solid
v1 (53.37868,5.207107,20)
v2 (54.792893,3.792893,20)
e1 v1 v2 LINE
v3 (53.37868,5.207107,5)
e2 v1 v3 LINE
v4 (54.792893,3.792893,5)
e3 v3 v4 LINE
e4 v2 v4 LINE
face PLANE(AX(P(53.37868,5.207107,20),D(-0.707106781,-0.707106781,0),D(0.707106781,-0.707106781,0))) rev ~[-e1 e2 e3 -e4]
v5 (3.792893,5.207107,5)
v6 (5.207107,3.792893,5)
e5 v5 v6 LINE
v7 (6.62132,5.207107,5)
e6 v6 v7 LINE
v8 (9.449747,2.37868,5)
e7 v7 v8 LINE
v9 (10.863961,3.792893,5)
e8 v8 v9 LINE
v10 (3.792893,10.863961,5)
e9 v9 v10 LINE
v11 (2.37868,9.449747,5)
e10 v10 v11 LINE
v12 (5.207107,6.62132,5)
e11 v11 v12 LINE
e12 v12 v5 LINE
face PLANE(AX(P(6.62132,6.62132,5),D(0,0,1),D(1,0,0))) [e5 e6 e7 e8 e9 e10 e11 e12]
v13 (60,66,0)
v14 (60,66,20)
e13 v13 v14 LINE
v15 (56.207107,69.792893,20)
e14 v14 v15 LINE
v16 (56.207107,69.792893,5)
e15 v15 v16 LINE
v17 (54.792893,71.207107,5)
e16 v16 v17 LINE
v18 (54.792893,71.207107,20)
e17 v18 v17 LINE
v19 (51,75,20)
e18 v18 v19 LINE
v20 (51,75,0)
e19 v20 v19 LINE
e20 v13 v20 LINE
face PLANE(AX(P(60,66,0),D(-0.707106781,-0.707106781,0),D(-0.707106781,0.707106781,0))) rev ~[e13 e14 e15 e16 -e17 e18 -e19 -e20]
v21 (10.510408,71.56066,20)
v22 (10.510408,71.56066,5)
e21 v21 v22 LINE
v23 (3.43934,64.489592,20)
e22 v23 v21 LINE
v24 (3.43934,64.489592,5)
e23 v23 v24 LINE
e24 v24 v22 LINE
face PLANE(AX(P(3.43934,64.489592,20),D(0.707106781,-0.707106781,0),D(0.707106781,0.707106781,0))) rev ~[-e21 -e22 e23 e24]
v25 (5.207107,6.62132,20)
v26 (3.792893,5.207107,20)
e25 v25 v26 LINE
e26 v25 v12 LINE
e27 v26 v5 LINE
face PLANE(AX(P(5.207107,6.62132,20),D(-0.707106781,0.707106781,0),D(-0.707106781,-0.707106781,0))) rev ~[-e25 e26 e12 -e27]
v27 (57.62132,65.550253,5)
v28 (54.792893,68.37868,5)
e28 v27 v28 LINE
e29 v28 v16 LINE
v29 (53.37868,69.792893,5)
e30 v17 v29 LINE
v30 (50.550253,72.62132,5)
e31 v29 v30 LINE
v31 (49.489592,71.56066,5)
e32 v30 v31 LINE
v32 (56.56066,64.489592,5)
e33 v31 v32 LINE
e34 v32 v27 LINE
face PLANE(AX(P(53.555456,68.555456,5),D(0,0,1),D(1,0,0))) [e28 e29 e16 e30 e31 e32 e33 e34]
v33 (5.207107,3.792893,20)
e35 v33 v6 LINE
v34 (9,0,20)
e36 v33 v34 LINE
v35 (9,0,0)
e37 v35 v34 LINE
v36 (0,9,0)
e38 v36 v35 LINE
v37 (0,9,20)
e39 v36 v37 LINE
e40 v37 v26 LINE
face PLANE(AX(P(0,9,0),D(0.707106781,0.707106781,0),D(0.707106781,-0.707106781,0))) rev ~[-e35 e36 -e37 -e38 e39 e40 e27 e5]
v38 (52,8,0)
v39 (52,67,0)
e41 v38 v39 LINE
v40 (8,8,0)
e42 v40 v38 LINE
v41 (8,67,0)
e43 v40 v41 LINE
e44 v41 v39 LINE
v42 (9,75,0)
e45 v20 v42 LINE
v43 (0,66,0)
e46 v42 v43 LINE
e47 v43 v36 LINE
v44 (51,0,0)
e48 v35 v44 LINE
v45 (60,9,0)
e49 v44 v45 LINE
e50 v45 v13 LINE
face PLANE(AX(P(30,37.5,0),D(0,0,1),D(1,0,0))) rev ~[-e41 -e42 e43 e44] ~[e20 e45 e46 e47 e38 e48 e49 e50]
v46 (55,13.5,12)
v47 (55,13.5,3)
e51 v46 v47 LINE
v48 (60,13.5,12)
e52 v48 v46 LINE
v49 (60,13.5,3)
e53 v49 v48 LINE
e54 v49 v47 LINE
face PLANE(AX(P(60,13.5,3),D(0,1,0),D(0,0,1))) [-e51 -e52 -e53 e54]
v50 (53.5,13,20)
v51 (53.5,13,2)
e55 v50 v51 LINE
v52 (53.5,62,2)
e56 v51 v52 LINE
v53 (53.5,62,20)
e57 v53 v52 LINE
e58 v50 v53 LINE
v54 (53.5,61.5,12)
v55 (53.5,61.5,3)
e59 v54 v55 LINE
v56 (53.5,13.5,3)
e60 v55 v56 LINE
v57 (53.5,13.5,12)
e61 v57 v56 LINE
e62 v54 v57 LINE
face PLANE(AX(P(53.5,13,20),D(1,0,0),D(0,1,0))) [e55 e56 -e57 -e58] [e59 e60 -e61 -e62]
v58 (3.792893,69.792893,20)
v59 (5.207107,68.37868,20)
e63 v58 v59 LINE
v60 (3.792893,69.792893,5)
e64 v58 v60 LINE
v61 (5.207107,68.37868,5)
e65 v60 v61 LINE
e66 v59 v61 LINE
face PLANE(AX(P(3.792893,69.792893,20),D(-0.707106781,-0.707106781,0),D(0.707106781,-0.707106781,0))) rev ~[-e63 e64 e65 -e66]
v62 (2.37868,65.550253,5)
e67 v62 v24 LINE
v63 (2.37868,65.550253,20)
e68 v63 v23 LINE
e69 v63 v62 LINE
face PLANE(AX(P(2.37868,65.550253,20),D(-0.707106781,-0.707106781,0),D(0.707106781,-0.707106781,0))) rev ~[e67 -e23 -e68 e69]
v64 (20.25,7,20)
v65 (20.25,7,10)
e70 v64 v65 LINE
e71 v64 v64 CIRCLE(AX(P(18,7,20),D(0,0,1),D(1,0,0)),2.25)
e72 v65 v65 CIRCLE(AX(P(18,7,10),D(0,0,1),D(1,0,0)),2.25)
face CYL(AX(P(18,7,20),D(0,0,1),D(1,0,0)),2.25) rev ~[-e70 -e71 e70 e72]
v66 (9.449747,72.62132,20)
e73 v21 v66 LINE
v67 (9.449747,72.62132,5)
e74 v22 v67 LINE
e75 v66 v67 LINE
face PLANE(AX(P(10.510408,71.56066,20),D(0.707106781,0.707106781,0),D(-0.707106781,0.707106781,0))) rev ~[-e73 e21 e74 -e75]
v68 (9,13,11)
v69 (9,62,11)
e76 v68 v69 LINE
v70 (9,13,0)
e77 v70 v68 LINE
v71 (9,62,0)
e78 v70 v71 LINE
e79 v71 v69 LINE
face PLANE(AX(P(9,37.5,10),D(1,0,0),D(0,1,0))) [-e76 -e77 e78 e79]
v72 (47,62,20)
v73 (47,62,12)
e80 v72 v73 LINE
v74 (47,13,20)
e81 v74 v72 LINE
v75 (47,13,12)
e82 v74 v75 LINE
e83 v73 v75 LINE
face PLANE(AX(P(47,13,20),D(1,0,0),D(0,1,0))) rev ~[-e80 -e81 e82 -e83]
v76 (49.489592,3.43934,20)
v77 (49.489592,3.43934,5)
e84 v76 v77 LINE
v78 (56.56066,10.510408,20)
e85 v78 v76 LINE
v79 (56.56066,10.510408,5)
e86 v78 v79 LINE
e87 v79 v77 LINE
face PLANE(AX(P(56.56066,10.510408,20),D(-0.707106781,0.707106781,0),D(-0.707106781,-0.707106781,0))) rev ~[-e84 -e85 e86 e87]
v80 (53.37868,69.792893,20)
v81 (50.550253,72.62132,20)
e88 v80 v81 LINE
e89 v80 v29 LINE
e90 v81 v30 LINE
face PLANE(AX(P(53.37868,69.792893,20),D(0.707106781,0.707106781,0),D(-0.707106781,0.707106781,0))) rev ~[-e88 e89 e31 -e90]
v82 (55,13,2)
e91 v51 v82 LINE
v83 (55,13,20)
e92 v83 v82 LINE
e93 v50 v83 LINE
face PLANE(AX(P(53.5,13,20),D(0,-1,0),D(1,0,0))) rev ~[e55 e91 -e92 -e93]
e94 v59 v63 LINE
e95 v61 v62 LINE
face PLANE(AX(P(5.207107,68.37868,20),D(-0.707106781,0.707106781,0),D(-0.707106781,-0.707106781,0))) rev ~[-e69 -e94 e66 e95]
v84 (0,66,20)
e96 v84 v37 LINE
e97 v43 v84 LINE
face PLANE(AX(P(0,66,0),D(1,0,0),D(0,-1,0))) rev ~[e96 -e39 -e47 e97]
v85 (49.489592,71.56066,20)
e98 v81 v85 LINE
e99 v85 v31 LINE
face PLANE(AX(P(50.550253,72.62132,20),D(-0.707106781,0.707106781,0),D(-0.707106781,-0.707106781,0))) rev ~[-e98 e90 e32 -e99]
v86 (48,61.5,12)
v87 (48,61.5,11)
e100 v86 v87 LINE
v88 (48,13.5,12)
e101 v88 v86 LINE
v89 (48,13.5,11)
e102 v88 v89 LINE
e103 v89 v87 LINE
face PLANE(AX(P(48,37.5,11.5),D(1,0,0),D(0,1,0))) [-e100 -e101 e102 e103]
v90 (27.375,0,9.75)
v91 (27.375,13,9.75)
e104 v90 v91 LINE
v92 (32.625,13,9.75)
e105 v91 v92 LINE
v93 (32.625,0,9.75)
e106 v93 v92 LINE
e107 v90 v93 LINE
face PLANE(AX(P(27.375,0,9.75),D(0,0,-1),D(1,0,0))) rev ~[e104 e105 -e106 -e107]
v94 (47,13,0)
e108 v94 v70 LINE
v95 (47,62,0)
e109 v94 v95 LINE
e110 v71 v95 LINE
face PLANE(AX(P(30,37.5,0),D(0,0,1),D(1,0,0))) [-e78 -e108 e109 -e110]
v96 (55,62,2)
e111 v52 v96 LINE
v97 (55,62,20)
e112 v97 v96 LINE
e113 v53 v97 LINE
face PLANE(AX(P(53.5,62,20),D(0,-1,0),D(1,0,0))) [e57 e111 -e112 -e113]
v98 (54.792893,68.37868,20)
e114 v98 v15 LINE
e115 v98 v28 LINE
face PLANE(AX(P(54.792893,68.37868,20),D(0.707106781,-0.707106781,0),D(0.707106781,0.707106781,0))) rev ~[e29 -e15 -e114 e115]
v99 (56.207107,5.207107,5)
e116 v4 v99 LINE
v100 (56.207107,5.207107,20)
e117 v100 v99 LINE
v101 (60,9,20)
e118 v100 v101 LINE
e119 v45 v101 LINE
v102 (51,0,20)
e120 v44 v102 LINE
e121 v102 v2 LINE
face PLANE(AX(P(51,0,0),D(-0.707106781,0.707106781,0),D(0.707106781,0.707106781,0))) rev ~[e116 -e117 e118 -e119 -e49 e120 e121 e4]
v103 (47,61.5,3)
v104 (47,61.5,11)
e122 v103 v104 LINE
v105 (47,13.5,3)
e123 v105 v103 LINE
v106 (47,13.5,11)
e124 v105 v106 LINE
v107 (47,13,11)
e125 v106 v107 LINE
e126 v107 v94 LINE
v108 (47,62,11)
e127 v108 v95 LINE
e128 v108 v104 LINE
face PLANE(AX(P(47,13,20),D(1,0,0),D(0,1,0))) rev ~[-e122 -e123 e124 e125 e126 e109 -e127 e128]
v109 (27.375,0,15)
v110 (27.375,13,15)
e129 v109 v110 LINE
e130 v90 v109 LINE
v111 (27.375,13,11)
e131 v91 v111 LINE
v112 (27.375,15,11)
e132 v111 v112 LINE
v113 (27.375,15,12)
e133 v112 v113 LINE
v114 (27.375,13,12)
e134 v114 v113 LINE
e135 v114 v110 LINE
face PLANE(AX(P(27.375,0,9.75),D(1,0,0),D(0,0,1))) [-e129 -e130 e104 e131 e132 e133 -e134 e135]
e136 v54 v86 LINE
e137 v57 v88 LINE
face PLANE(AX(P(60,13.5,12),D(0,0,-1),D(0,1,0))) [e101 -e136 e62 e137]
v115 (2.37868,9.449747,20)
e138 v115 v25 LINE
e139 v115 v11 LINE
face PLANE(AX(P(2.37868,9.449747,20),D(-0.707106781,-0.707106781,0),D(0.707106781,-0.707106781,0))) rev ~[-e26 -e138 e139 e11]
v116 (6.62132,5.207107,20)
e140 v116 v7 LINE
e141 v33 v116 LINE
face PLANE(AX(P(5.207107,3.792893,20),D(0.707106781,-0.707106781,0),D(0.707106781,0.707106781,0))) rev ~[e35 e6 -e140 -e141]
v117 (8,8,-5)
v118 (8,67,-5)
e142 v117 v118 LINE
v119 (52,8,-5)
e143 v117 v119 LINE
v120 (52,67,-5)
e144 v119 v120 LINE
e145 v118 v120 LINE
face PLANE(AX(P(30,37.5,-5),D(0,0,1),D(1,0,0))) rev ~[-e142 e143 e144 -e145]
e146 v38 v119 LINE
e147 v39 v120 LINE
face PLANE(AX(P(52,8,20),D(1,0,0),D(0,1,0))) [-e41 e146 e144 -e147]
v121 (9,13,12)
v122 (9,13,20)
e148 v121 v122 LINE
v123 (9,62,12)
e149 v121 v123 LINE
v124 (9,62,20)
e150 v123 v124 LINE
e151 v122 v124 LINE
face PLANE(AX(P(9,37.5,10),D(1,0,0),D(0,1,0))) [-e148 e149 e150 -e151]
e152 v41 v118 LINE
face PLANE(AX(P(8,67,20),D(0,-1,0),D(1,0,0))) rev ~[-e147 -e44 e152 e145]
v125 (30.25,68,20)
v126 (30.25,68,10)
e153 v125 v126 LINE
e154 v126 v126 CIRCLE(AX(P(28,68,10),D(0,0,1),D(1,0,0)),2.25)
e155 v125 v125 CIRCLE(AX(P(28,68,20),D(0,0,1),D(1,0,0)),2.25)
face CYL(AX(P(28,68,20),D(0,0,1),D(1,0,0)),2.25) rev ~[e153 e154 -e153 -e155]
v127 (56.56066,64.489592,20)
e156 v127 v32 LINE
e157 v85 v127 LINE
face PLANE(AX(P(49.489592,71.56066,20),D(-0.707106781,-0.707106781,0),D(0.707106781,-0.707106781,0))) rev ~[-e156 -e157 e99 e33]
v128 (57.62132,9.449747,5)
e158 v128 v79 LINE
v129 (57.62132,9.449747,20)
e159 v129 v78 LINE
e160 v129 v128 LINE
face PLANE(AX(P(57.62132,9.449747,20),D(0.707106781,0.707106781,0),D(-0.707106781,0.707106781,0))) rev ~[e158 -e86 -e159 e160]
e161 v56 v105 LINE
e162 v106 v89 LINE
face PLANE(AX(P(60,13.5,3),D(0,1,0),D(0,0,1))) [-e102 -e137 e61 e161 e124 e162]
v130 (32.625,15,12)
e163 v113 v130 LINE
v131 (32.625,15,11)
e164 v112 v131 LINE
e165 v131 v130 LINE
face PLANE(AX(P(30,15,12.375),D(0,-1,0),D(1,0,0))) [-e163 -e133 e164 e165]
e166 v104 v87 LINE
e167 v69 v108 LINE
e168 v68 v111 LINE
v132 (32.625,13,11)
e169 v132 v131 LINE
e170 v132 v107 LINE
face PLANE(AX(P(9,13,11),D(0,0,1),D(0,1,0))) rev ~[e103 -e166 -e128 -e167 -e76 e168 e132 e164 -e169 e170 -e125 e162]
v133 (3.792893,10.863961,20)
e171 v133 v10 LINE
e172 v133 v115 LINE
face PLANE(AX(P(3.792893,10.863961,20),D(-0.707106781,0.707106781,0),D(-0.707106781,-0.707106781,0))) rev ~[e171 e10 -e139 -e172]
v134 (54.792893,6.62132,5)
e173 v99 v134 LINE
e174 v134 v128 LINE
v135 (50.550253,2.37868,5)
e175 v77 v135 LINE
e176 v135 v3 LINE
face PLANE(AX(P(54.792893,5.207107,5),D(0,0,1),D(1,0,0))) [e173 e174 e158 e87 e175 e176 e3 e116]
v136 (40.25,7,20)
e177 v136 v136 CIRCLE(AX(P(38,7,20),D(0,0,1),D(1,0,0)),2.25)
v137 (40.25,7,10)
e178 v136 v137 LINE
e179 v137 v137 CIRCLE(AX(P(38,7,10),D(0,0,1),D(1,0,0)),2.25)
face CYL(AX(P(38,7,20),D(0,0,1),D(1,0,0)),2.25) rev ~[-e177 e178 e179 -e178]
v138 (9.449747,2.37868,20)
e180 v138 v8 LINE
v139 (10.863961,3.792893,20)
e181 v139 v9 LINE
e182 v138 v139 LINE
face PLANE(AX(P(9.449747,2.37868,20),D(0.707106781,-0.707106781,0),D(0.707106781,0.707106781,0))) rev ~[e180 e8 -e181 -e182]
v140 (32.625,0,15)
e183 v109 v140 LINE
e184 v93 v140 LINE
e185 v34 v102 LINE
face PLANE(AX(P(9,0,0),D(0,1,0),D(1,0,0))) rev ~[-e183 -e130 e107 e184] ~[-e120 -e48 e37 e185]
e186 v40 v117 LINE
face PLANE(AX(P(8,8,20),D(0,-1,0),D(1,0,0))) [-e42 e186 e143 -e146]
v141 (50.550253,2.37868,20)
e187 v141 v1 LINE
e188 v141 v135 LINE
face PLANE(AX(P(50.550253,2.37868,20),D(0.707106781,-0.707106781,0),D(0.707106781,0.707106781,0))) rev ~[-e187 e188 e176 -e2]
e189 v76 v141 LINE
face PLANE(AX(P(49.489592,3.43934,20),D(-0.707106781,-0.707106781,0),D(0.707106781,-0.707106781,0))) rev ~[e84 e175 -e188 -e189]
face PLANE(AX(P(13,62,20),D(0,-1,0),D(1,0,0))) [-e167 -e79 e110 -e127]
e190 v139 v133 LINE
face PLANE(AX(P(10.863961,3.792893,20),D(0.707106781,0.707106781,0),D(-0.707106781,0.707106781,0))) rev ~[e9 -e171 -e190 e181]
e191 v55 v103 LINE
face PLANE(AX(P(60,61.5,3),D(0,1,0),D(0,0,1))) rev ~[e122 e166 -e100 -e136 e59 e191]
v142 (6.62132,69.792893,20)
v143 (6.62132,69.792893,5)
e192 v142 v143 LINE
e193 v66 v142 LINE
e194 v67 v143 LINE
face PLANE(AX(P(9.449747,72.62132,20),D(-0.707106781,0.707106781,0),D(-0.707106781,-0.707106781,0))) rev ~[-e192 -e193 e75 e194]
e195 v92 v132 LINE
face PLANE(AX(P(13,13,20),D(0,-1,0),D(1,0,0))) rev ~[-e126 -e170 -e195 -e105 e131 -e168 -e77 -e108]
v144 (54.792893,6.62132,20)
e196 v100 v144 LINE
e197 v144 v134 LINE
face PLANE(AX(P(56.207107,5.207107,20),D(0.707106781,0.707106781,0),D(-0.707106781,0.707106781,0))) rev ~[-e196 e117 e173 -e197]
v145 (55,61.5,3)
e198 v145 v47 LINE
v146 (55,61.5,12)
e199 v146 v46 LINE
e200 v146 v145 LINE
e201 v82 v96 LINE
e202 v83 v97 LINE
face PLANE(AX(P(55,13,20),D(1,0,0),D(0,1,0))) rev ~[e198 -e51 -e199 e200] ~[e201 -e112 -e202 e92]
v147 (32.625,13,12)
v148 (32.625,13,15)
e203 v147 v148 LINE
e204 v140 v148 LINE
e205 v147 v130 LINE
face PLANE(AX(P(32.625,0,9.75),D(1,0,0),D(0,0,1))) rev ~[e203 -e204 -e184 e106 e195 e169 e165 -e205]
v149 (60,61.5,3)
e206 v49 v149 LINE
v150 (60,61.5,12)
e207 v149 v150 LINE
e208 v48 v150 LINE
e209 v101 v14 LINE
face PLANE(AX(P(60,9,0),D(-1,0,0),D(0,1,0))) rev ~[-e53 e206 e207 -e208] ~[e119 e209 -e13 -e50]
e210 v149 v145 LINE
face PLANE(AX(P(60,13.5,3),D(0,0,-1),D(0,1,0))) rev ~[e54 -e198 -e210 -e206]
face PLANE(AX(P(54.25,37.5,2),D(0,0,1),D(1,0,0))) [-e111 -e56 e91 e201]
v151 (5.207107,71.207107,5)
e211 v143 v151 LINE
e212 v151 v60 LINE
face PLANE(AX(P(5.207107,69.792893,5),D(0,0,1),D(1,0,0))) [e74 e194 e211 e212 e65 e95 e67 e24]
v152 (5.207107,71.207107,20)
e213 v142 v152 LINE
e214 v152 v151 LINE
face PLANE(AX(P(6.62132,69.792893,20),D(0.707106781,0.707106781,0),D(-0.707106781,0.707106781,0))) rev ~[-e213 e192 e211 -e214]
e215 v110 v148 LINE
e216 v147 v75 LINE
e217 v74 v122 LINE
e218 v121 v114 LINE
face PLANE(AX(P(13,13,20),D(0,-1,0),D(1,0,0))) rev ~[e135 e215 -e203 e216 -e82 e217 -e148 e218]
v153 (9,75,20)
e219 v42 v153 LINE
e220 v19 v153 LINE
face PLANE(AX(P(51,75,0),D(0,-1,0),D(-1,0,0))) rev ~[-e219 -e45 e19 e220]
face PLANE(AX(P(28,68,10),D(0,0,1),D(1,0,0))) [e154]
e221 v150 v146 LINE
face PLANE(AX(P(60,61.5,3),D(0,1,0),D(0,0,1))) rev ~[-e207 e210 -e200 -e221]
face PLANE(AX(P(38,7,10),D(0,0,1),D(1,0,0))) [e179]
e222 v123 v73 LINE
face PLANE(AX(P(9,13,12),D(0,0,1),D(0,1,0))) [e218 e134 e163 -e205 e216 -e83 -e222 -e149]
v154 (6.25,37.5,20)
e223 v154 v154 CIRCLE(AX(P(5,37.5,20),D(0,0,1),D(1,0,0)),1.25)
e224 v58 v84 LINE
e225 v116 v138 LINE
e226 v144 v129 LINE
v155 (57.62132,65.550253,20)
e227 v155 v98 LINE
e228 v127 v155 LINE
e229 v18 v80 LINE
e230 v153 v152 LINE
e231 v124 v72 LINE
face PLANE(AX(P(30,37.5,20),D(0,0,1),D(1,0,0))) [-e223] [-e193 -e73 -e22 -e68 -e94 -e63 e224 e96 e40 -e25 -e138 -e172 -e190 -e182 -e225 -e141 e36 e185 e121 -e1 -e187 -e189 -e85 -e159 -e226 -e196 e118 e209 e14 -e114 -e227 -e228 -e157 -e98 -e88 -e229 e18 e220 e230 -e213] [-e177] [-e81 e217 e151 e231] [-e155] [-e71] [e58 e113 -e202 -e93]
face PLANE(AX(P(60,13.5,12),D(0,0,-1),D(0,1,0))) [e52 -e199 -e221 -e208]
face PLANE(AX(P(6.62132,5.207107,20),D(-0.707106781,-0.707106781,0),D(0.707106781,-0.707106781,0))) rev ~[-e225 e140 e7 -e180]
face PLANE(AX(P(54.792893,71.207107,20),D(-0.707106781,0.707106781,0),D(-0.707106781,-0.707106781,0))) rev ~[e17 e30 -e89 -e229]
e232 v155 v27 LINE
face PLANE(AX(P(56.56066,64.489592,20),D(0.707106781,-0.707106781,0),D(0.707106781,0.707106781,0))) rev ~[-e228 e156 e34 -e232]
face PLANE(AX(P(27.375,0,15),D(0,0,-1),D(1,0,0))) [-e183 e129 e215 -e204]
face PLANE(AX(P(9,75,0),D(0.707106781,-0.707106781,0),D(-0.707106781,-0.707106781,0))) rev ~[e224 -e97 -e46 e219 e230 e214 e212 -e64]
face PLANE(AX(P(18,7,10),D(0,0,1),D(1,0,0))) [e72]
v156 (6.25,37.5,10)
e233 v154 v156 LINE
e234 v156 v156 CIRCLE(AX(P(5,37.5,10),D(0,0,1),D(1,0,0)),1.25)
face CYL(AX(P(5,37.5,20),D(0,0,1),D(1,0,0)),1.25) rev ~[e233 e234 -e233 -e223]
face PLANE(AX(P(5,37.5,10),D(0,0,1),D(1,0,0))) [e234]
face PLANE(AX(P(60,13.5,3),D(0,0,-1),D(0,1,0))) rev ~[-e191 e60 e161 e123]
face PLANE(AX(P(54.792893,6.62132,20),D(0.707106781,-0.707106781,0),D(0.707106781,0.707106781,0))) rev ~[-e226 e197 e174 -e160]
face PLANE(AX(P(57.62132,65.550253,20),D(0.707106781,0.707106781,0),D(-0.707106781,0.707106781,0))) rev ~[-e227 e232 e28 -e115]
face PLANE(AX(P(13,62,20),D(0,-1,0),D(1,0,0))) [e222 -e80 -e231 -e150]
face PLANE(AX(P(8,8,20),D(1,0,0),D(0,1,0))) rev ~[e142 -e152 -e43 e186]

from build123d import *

# Parameters (mm, degrees)
F1_DEPTH  = 20
F2_DEPTH  = 20
F4_DEPTH  = 15
F5_W      = 44
F5_H      = 59
F5_W_2    = 34
F5_H_2    = 49
F7_DEPTH  = 25
F8_DEPTH  = 20
F6_W      = 48
F6_H      = 9
F9_DEPTH  = 45
F10_W     = 1.5
F10_H     = 49
F11_DEPTH = 18
F12_W     = 49
F12_H     = 20
F13_DEPTH = 4
F14_W     = 49
F14_H     = 1
F15_DEPTH = 39
F16_R     = 2.25
F16_R_2   = 1.25
F17_DEPTH = 10
F18_W     = 5.25
F18_H     = 5.25
F19_DEPTH = 15


with BuildPart() as f1:
    # F0 (on Top) → F1 (new body)
    with BuildSketch(Plane.XY):
        Polygon((0, 66), (0, 9), (9, 0), (51, 0), (60, 9), (60, 66), (51, 75), (9, 75), align=None)
    extrude(amount=F1_DEPTH)

    # F0 (on Top) → F2 (join)
    with BuildSketch(Plane.XY):
        Polygon((0, 66), (0, 9), (9, 0), (51, 0), (60, 9), (60, 66), (51, 75), (9, 75), align=None)
    extrude(amount=F2_DEPTH)

    # F3 (on face) → F4 (cut)
    with BuildSketch(Plane.XY.offset(20)):
        Polygon((5.2071067812, 71.2071067812), (3.7928932188, 69.7928932188), (5.2071067812, 68.3786796564), (6.6213203436, 69.7928932188), align=None)
        Polygon((6.6213203436, 69.7928932188), (5.2071067812, 68.3786796564), (2.3786796564, 65.5502525317), (3.4393398282, 64.4895923599), (10.5104076401, 71.5606601718), (9.4497474683, 72.6213203436), align=None)
        Polygon((2.3786796564, 9.4497474683), (5.2071067812, 6.6213203436), (6.6213203436, 5.2071067812), (9.4497474683, 2.3786796564), (10.8639610307, 3.7928932188), (3.7928932188, 10.8639610307), align=None)
        Polygon((5.2071067812, 6.6213203436), (3.7928932188, 5.2071067812), (5.2071067812, 3.7928932188), (6.6213203436, 5.2071067812), align=None)
        Polygon((53.3786796564, 5.2071067812), (54.7928932188, 3.7928932188), (56.2071067812, 5.2071067812), (54.7928932188, 6.6213203436), align=None)
        Polygon((50.5502525317, 2.3786796564), (53.3786796564, 5.2071067812), (54.7928932188, 6.6213203436), (57.6213203436, 9.4497474683), (56.5606601718, 10.5104076401), (49.4895923599, 3.4393398282), align=None)
        Polygon((54.7928932188, 68.3786796564), (53.3786796564, 69.7928932188), (50.5502525317, 72.6213203436), (49.4895923599, 71.5606601718), (56.5606601718, 64.4895923599), (57.6213203436, 65.5502525317), align=None)
        Polygon((56.2071067812, 69.7928932188), (54.7928932188, 71.2071067812), (53.3786796564, 69.7928932188), (54.7928932188, 68.3786796564), align=None)
    extrude(amount=-F4_DEPTH, mode=Mode.SUBTRACT)

    # F5 (on face) → F7 (join)
    with BuildSketch(Plane.XY.offset(20)):
        with Locations((30, 37.5)):
            Rectangle(F5_W, F5_H)
        with Locations((30, 37.5)):
            Rectangle(F5_W_2, F5_H_2, mode=Mode.SUBTRACT)
        with Locations((30, 37.5)):
            Rectangle(F5_W_2, F5_H_2)
    extrude(amount=-F7_DEPTH)

    # F5 (on face) → F8 (cut)
    with BuildSketch(Plane.XY.offset(20)):
        with Locations((30, 37.5)):
            Rectangle(F5_W_2, F5_H_2)
    extrude(amount=-F8_DEPTH, mode=Mode.SUBTRACT)

    # F6 (on face) → F9 (cut)
    with BuildSketch(Plane.YZ.offset(60)):
        with Locations((37.5, 7.5)):
            Rectangle(F6_W, F6_H)
    extrude(amount=-F9_DEPTH, mode=Mode.SUBTRACT)

    # F10 (on face) → F11 (cut)
    with BuildSketch(Plane.XY.offset(20)):
        with Locations((54.25, 37.5)):
            Rectangle(F10_W, F10_H)
    extrude(amount=-F11_DEPTH, mode=Mode.SUBTRACT)

    # F12 (on face) → F13 (cut)
    with BuildSketch(Plane.YZ.offset(13)):
        with Locations((37.5, 10)):
            Rectangle(F12_W, F12_H)
    extrude(amount=-F13_DEPTH, mode=Mode.SUBTRACT)

    # F14 (on face) → F15 (join)
    with BuildSketch(Plane.YZ.offset(9)):
        with Locations((37.5, 11.5)):
            Rectangle(F14_W, F14_H)
    extrude(amount=F15_DEPTH)

    # F16 (on face) → F17 (cut)
    with BuildSketch(Plane.XY.offset(20)):
        with Locations((18, 7)):
            Circle(F16_R)
        with Locations((28, 68)):
            Circle(F16_R)
        with Locations((5, 37.5)):
            Circle(F16_R_2)
        with Locations((38, 7)):
            Circle(F16_R)
    extrude(amount=-F17_DEPTH, mode=Mode.SUBTRACT)

    # F18 (on face) → F19 (cut)
    with BuildSketch(Plane.XZ):
        with Locations((30, 12.375)):
            Rectangle(F18_W, F18_H)
    extrude(amount=-F19_DEPTH, mode=Mode.SUBTRACT)


solid = f1.part
